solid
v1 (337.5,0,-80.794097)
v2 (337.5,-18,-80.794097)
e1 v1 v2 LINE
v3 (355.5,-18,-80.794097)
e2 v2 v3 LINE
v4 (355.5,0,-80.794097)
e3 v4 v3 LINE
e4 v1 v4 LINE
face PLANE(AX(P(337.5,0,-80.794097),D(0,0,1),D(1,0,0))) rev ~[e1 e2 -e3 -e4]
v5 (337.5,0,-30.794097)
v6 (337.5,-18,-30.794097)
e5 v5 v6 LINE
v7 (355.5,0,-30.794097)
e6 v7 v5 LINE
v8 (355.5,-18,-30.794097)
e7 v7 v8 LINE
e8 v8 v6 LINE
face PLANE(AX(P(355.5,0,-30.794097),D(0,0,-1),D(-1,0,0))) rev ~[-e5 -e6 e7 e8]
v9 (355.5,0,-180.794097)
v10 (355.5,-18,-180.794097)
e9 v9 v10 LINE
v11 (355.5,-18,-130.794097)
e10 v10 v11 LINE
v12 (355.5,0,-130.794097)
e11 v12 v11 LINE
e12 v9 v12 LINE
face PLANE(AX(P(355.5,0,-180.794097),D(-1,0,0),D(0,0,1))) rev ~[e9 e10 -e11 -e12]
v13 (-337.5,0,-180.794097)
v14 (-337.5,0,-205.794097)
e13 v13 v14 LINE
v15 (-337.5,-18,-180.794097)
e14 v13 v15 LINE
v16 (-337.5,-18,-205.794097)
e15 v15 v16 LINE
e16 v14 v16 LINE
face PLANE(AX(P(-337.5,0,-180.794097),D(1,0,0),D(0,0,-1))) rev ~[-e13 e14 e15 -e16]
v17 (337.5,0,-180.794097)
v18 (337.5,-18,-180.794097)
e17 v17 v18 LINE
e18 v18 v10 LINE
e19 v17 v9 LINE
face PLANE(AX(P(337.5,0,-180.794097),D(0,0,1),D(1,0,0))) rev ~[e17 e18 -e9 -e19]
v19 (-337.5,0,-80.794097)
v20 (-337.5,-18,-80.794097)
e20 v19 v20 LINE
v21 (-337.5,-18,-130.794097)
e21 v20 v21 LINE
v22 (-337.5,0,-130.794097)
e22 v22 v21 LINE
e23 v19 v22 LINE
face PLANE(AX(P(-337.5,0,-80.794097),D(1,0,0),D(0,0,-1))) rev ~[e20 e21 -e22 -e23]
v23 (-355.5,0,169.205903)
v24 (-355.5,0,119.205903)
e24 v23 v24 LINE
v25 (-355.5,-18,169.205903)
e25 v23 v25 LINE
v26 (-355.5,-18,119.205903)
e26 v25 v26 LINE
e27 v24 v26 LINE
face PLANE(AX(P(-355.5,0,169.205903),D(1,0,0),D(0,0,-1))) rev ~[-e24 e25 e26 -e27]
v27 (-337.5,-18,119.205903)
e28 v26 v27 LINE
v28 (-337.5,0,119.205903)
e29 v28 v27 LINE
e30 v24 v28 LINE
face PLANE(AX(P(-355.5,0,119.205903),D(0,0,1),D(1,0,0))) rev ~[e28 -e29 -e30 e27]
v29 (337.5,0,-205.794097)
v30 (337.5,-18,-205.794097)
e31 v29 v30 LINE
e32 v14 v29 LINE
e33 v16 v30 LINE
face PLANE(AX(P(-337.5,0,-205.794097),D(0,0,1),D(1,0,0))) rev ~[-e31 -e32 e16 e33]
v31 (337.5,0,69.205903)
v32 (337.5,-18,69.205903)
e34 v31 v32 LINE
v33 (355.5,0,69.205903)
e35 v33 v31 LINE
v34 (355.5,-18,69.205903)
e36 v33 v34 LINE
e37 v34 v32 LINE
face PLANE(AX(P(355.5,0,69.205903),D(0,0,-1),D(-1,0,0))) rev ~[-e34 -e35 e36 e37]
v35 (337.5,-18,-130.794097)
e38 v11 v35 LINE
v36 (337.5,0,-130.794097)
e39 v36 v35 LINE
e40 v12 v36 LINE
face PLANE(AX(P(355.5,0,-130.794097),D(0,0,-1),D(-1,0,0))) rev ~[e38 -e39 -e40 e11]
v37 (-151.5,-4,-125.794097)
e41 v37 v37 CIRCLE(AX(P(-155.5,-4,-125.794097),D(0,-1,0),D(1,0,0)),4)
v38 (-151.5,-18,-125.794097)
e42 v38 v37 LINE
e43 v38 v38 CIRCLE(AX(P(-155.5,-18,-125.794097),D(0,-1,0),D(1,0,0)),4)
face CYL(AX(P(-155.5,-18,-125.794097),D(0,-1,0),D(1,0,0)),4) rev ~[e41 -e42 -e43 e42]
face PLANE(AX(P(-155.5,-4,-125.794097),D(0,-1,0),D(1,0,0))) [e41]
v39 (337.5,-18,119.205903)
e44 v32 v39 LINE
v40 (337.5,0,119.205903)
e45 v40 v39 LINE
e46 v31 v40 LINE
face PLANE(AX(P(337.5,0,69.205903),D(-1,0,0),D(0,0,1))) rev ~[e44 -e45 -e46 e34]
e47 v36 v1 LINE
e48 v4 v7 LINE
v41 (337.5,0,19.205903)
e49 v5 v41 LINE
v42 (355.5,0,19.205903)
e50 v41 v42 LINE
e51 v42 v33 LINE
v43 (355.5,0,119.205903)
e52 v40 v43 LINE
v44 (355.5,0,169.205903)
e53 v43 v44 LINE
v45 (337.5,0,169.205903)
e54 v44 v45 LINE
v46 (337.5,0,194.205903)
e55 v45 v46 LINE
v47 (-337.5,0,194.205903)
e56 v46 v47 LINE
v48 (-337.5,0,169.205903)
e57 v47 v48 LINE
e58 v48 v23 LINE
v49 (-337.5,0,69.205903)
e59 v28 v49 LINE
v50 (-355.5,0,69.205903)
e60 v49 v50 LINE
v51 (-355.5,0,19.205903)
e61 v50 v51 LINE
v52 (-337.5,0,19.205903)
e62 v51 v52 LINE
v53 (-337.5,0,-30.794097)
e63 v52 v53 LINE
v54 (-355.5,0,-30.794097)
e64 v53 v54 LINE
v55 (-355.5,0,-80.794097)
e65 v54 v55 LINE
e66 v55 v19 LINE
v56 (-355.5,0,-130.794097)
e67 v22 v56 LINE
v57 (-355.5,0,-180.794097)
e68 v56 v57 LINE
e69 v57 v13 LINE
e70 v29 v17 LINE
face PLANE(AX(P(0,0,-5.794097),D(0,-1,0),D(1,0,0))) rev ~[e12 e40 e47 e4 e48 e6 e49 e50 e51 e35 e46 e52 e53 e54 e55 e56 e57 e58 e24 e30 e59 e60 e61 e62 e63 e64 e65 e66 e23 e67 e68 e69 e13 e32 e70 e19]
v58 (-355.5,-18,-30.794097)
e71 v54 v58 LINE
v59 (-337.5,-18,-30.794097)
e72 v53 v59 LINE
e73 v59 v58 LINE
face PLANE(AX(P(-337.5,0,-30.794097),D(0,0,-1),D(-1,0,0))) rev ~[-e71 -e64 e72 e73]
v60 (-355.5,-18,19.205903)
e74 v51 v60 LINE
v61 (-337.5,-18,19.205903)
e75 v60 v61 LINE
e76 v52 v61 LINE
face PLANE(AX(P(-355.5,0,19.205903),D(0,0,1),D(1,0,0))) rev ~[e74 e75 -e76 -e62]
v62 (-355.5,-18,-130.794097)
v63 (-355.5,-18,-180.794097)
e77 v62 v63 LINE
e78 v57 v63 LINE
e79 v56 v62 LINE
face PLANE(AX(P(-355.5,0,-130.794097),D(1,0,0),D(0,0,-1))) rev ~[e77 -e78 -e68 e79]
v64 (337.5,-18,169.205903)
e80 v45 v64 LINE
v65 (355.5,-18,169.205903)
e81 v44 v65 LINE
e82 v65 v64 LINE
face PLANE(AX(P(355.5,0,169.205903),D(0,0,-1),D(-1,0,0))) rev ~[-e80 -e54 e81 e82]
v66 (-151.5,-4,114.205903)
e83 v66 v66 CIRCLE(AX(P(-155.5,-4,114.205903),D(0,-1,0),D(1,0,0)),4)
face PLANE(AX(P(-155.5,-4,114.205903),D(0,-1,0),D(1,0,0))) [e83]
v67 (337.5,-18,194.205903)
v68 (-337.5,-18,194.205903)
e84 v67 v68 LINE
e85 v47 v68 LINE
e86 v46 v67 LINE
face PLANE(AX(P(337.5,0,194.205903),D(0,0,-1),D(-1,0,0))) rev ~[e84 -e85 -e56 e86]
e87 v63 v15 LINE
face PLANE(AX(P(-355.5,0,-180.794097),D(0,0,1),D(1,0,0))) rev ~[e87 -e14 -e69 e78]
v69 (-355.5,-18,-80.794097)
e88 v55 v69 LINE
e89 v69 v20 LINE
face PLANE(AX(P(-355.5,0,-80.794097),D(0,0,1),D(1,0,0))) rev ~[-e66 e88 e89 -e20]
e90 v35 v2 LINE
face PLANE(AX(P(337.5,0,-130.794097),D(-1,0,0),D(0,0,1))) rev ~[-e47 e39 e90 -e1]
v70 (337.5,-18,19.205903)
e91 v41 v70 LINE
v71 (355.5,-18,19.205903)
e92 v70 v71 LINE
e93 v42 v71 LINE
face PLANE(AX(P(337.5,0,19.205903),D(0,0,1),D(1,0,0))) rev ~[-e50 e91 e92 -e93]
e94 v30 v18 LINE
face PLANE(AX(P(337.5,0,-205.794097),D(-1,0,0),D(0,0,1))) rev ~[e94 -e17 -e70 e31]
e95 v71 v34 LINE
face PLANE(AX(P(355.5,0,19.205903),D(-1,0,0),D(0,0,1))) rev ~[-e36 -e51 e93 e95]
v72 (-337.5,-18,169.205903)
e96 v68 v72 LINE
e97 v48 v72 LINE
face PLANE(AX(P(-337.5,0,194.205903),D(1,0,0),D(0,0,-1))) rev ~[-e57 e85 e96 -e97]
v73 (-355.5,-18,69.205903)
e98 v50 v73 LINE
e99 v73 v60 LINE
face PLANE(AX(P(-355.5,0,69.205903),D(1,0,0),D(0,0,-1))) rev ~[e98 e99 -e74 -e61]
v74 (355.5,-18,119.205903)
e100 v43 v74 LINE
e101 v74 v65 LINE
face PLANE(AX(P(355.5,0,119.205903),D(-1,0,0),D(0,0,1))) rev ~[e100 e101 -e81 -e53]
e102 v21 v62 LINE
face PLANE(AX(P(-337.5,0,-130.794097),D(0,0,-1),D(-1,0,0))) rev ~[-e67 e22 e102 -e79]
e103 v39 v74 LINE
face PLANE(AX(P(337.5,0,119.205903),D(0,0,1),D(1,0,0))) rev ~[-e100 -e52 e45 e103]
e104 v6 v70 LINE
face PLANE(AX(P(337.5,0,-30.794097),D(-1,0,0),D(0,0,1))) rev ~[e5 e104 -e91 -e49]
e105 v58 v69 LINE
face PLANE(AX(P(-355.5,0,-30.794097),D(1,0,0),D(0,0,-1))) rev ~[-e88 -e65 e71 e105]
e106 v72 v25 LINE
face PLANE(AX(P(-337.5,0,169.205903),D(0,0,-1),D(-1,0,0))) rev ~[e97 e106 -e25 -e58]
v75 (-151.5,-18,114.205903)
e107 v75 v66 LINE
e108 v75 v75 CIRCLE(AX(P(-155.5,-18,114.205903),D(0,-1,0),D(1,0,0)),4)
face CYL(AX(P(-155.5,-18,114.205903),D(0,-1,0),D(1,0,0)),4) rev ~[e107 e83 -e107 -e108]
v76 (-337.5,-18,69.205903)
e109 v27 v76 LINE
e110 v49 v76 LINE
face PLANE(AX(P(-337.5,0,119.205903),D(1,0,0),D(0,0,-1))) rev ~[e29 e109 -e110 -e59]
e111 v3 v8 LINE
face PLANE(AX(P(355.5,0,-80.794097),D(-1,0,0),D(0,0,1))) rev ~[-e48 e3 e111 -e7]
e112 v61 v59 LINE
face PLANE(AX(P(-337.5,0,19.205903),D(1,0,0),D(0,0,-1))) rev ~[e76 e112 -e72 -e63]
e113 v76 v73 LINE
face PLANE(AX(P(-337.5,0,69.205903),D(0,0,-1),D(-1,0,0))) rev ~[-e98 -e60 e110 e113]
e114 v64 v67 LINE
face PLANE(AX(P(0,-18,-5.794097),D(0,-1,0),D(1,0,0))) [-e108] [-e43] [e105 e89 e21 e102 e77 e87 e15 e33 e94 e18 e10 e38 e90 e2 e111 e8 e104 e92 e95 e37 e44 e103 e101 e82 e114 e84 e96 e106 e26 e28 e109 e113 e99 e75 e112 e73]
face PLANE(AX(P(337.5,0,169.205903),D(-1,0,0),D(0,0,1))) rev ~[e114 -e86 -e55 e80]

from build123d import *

# Parameters (mm, degrees)
F1_DEPTH = 18
F2_R     = 4
F3_DEPTH = 14


with BuildPart() as f1:
    # F0 (on Front) → F1 (new body)
    with BuildSketch(Plane.XZ):
        Polygon((337.5, 194.205903), (-337.5, 194.205903), (-337.5, 169.205903), (-355.5, 169.205903), (-355.5, 119.205903), (-337.5, 119.205903), (-337.5, 69.205903), (-355.5, 69.205903), (-355.5, 19.205903), (-337.5, 19.205903), (-337.5, -30.794097), (-355.5, -30.794097), (-355.5, -80.794097), (-337.5, -80.794097), (-337.5, -130.794097), (-355.5, -130.794097), (-355.5, -180.794097), (-337.5, -180.794097), (-337.5, -205.794097), (337.5, -205.794097), (337.5, -180.794097), (355.5, -180.794097), (355.5, -130.794097), (337.5, -130.794097), (337.5, -80.794097), (355.5, -80.794097), (355.5, -30.794097), (337.5, -30.794097), (337.5, 19.205903), (355.5, 19.205903), (355.5, 69.205903), (337.5, 69.205903), (337.5, 119.205903), (355.5, 119.205903), (355.5, 169.205903), (337.5, 169.205903), align=None)
    extrude(amount=F1_DEPTH)

    # F2 (on face) → F3 (cut)
    with BuildSketch(Plane.XZ.offset(18)):
        with Locations((-155.5, -125.794097)):
            Circle(F2_R)
        with Locations((-155.5, 114.205903)):
            Circle(F2_R)
    extrude(amount=-F3_DEPTH, mode=Mode.SUBTRACT)


solid = f1.part
